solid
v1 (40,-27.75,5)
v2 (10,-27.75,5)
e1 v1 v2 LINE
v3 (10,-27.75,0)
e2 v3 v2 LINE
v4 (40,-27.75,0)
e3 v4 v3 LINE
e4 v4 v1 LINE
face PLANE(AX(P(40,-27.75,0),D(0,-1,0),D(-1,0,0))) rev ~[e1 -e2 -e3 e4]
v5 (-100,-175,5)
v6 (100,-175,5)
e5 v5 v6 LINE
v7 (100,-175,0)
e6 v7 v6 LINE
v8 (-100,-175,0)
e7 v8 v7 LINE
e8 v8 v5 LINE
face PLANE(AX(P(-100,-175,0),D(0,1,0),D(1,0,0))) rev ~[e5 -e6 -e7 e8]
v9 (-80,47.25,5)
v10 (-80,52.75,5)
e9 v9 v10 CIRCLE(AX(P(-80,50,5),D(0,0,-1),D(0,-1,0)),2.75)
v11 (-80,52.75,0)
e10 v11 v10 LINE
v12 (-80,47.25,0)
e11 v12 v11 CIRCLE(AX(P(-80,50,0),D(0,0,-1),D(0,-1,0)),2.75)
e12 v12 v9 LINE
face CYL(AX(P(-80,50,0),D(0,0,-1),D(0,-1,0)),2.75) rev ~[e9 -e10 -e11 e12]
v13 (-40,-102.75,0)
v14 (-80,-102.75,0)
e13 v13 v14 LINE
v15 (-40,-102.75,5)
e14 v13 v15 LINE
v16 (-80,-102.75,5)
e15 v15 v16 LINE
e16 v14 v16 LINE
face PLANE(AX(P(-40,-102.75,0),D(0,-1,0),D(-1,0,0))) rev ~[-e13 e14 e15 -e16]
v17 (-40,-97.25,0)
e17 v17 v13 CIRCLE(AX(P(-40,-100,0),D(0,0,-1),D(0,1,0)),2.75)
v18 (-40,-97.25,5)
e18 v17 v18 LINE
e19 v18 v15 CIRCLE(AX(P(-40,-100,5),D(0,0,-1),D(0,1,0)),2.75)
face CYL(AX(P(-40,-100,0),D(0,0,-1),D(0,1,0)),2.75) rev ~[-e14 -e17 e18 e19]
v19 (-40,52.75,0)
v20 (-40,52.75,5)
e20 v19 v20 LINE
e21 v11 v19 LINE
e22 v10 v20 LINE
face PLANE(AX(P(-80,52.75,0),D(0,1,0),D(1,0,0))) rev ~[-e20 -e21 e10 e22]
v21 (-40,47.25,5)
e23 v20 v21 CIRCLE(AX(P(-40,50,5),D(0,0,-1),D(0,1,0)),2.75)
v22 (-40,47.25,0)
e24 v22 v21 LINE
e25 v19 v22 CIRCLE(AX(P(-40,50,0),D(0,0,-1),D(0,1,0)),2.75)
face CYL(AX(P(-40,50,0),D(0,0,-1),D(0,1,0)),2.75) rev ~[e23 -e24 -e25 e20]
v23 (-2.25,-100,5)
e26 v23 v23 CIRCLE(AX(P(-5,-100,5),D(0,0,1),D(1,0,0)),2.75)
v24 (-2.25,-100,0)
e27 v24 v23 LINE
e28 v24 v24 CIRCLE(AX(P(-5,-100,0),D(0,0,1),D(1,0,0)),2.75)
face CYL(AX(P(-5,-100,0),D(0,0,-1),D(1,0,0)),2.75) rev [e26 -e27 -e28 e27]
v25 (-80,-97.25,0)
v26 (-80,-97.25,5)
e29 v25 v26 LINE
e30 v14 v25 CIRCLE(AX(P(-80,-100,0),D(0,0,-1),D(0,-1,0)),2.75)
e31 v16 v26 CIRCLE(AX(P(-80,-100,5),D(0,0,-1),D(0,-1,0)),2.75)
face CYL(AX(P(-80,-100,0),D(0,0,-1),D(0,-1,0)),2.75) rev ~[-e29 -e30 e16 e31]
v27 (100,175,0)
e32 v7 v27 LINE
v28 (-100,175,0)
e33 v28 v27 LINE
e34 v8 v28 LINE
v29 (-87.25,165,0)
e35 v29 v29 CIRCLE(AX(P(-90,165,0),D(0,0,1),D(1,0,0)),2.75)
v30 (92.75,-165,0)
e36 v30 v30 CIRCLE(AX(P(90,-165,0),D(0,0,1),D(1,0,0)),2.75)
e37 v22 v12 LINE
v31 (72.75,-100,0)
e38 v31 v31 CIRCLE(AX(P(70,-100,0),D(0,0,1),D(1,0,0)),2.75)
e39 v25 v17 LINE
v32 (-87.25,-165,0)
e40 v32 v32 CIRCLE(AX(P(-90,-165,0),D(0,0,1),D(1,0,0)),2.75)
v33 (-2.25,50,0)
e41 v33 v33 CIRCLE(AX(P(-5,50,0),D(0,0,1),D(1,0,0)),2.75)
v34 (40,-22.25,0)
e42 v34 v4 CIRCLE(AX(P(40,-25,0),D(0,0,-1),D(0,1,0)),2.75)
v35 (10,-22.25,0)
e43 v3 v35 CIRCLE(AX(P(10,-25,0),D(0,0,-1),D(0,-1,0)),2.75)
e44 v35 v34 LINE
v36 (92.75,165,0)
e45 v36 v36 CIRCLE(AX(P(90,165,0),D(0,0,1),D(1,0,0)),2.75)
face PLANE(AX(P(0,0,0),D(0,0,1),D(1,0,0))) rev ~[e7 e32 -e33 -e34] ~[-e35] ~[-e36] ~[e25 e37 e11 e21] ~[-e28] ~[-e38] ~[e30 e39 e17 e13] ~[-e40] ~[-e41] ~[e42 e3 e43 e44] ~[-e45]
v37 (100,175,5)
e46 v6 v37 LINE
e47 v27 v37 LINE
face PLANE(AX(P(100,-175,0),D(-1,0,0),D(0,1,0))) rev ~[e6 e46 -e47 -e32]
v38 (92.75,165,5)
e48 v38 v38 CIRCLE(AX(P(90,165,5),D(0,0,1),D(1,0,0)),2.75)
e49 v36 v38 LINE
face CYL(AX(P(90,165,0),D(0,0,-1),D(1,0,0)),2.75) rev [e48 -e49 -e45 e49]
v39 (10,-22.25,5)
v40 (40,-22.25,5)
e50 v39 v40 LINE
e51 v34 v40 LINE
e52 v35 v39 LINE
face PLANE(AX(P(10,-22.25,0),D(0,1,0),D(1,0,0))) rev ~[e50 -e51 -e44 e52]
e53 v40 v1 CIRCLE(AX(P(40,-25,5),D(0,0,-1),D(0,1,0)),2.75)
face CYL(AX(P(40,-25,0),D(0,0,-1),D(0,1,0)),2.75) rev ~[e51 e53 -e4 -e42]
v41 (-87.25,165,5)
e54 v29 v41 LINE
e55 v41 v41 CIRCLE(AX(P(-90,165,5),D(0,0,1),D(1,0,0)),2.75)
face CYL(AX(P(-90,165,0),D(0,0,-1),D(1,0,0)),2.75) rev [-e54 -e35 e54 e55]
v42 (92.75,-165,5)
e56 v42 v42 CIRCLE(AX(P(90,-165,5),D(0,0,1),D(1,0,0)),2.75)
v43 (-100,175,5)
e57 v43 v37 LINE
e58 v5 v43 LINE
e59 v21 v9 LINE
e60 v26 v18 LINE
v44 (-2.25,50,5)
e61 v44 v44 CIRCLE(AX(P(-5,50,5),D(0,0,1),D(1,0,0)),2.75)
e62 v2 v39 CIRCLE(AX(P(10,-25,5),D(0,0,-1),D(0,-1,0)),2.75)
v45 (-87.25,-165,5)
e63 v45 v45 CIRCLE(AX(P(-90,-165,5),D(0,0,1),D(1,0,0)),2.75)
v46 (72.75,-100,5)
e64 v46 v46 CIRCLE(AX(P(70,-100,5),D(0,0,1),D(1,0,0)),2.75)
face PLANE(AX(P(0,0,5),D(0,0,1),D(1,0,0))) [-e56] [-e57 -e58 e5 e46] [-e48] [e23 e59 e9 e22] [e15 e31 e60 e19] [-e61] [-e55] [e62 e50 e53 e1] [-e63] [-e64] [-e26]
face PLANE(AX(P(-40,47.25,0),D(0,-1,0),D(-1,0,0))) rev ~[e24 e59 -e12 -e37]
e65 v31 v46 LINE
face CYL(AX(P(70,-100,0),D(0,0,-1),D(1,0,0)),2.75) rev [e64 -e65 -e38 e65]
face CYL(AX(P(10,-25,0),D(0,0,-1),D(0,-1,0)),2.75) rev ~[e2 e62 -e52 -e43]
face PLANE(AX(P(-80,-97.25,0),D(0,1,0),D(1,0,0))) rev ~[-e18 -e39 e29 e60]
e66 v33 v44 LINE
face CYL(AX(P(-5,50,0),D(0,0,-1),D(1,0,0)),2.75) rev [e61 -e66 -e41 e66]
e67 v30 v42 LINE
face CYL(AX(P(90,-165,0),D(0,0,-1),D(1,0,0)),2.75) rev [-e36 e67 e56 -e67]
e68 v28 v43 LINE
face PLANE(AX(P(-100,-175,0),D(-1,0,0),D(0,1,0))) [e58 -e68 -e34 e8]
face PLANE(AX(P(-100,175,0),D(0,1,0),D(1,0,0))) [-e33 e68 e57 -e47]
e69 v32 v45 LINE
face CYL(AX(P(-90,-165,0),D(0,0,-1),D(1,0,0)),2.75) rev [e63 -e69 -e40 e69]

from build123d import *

# Parameters (mm, degrees)
F0_W     = 200
F0_H     = 350
F0_R     = 2.75
F1_DEPTH = 5


with BuildPart() as f1:
    # F0 (on Top) → F1 (new body)
    with BuildSketch(Plane.XY):
        Rectangle(F0_W, F0_H)
        with Locations((-90, -165)):
            Circle(F0_R, mode=Mode.SUBTRACT)
        with BuildLine():
            ThreePointArc((-80, -102.75), (-82.75, -100), (-80, -97.25))
            Line((-80, -97.25), (-60, -97.25))
            Line((-60, -97.25), (-40, -97.25))
            ThreePointArc((-40, -97.25), (-37.25, -100), (-40, -102.75))
            Line((-40, -102.75), (-60, -102.75))
            Line((-60, -102.75), (-80, -102.75))
        make_face(mode=Mode.SUBTRACT)
        with Locations((-5, -100)):
            Circle(F0_R, mode=Mode.SUBTRACT)
        with Locations((90, -165)):
            Circle(F0_R, mode=Mode.SUBTRACT)
        with Locations((70, -100)):
            Circle(F0_R, mode=Mode.SUBTRACT)
        with BuildLine():
            ThreePointArc((40, -22.25), (42.75, -25), (40, -27.75))
            Line((40, -27.75), (25, -27.75))
            Line((25, -27.75), (10, -27.75))
            ThreePointArc((10, -27.75), (7.25, -25), (10, -22.25))
            Line((10, -22.25), (25, -22.25))
            Line((25, -22.25), (40, -22.25))
        make_face(mode=Mode.SUBTRACT)
        with BuildLine():
            ThreePointArc((-40, 52.75), (-37.25, 50), (-40, 47.25))
            Line((-40, 47.25), (-60, 47.25))
            Line((-60, 47.25), (-80, 47.25))
            ThreePointArc((-80, 47.25), (-82.75, 50), (-80, 52.75))
            Line((-80, 52.75), (-60, 52.75))
            Line((-60, 52.75), (-40, 52.75))
        make_face(mode=Mode.SUBTRACT)
        with Locations((-5, 50)):
            Circle(F0_R, mode=Mode.SUBTRACT)
        with Locations((-90, 165)):
            Circle(F0_R, mode=Mode.SUBTRACT)
        with Locations((90, 165)):
            Circle(F0_R, mode=Mode.SUBTRACT)
    extrude(amount=F1_DEPTH)


solid = f1.part
